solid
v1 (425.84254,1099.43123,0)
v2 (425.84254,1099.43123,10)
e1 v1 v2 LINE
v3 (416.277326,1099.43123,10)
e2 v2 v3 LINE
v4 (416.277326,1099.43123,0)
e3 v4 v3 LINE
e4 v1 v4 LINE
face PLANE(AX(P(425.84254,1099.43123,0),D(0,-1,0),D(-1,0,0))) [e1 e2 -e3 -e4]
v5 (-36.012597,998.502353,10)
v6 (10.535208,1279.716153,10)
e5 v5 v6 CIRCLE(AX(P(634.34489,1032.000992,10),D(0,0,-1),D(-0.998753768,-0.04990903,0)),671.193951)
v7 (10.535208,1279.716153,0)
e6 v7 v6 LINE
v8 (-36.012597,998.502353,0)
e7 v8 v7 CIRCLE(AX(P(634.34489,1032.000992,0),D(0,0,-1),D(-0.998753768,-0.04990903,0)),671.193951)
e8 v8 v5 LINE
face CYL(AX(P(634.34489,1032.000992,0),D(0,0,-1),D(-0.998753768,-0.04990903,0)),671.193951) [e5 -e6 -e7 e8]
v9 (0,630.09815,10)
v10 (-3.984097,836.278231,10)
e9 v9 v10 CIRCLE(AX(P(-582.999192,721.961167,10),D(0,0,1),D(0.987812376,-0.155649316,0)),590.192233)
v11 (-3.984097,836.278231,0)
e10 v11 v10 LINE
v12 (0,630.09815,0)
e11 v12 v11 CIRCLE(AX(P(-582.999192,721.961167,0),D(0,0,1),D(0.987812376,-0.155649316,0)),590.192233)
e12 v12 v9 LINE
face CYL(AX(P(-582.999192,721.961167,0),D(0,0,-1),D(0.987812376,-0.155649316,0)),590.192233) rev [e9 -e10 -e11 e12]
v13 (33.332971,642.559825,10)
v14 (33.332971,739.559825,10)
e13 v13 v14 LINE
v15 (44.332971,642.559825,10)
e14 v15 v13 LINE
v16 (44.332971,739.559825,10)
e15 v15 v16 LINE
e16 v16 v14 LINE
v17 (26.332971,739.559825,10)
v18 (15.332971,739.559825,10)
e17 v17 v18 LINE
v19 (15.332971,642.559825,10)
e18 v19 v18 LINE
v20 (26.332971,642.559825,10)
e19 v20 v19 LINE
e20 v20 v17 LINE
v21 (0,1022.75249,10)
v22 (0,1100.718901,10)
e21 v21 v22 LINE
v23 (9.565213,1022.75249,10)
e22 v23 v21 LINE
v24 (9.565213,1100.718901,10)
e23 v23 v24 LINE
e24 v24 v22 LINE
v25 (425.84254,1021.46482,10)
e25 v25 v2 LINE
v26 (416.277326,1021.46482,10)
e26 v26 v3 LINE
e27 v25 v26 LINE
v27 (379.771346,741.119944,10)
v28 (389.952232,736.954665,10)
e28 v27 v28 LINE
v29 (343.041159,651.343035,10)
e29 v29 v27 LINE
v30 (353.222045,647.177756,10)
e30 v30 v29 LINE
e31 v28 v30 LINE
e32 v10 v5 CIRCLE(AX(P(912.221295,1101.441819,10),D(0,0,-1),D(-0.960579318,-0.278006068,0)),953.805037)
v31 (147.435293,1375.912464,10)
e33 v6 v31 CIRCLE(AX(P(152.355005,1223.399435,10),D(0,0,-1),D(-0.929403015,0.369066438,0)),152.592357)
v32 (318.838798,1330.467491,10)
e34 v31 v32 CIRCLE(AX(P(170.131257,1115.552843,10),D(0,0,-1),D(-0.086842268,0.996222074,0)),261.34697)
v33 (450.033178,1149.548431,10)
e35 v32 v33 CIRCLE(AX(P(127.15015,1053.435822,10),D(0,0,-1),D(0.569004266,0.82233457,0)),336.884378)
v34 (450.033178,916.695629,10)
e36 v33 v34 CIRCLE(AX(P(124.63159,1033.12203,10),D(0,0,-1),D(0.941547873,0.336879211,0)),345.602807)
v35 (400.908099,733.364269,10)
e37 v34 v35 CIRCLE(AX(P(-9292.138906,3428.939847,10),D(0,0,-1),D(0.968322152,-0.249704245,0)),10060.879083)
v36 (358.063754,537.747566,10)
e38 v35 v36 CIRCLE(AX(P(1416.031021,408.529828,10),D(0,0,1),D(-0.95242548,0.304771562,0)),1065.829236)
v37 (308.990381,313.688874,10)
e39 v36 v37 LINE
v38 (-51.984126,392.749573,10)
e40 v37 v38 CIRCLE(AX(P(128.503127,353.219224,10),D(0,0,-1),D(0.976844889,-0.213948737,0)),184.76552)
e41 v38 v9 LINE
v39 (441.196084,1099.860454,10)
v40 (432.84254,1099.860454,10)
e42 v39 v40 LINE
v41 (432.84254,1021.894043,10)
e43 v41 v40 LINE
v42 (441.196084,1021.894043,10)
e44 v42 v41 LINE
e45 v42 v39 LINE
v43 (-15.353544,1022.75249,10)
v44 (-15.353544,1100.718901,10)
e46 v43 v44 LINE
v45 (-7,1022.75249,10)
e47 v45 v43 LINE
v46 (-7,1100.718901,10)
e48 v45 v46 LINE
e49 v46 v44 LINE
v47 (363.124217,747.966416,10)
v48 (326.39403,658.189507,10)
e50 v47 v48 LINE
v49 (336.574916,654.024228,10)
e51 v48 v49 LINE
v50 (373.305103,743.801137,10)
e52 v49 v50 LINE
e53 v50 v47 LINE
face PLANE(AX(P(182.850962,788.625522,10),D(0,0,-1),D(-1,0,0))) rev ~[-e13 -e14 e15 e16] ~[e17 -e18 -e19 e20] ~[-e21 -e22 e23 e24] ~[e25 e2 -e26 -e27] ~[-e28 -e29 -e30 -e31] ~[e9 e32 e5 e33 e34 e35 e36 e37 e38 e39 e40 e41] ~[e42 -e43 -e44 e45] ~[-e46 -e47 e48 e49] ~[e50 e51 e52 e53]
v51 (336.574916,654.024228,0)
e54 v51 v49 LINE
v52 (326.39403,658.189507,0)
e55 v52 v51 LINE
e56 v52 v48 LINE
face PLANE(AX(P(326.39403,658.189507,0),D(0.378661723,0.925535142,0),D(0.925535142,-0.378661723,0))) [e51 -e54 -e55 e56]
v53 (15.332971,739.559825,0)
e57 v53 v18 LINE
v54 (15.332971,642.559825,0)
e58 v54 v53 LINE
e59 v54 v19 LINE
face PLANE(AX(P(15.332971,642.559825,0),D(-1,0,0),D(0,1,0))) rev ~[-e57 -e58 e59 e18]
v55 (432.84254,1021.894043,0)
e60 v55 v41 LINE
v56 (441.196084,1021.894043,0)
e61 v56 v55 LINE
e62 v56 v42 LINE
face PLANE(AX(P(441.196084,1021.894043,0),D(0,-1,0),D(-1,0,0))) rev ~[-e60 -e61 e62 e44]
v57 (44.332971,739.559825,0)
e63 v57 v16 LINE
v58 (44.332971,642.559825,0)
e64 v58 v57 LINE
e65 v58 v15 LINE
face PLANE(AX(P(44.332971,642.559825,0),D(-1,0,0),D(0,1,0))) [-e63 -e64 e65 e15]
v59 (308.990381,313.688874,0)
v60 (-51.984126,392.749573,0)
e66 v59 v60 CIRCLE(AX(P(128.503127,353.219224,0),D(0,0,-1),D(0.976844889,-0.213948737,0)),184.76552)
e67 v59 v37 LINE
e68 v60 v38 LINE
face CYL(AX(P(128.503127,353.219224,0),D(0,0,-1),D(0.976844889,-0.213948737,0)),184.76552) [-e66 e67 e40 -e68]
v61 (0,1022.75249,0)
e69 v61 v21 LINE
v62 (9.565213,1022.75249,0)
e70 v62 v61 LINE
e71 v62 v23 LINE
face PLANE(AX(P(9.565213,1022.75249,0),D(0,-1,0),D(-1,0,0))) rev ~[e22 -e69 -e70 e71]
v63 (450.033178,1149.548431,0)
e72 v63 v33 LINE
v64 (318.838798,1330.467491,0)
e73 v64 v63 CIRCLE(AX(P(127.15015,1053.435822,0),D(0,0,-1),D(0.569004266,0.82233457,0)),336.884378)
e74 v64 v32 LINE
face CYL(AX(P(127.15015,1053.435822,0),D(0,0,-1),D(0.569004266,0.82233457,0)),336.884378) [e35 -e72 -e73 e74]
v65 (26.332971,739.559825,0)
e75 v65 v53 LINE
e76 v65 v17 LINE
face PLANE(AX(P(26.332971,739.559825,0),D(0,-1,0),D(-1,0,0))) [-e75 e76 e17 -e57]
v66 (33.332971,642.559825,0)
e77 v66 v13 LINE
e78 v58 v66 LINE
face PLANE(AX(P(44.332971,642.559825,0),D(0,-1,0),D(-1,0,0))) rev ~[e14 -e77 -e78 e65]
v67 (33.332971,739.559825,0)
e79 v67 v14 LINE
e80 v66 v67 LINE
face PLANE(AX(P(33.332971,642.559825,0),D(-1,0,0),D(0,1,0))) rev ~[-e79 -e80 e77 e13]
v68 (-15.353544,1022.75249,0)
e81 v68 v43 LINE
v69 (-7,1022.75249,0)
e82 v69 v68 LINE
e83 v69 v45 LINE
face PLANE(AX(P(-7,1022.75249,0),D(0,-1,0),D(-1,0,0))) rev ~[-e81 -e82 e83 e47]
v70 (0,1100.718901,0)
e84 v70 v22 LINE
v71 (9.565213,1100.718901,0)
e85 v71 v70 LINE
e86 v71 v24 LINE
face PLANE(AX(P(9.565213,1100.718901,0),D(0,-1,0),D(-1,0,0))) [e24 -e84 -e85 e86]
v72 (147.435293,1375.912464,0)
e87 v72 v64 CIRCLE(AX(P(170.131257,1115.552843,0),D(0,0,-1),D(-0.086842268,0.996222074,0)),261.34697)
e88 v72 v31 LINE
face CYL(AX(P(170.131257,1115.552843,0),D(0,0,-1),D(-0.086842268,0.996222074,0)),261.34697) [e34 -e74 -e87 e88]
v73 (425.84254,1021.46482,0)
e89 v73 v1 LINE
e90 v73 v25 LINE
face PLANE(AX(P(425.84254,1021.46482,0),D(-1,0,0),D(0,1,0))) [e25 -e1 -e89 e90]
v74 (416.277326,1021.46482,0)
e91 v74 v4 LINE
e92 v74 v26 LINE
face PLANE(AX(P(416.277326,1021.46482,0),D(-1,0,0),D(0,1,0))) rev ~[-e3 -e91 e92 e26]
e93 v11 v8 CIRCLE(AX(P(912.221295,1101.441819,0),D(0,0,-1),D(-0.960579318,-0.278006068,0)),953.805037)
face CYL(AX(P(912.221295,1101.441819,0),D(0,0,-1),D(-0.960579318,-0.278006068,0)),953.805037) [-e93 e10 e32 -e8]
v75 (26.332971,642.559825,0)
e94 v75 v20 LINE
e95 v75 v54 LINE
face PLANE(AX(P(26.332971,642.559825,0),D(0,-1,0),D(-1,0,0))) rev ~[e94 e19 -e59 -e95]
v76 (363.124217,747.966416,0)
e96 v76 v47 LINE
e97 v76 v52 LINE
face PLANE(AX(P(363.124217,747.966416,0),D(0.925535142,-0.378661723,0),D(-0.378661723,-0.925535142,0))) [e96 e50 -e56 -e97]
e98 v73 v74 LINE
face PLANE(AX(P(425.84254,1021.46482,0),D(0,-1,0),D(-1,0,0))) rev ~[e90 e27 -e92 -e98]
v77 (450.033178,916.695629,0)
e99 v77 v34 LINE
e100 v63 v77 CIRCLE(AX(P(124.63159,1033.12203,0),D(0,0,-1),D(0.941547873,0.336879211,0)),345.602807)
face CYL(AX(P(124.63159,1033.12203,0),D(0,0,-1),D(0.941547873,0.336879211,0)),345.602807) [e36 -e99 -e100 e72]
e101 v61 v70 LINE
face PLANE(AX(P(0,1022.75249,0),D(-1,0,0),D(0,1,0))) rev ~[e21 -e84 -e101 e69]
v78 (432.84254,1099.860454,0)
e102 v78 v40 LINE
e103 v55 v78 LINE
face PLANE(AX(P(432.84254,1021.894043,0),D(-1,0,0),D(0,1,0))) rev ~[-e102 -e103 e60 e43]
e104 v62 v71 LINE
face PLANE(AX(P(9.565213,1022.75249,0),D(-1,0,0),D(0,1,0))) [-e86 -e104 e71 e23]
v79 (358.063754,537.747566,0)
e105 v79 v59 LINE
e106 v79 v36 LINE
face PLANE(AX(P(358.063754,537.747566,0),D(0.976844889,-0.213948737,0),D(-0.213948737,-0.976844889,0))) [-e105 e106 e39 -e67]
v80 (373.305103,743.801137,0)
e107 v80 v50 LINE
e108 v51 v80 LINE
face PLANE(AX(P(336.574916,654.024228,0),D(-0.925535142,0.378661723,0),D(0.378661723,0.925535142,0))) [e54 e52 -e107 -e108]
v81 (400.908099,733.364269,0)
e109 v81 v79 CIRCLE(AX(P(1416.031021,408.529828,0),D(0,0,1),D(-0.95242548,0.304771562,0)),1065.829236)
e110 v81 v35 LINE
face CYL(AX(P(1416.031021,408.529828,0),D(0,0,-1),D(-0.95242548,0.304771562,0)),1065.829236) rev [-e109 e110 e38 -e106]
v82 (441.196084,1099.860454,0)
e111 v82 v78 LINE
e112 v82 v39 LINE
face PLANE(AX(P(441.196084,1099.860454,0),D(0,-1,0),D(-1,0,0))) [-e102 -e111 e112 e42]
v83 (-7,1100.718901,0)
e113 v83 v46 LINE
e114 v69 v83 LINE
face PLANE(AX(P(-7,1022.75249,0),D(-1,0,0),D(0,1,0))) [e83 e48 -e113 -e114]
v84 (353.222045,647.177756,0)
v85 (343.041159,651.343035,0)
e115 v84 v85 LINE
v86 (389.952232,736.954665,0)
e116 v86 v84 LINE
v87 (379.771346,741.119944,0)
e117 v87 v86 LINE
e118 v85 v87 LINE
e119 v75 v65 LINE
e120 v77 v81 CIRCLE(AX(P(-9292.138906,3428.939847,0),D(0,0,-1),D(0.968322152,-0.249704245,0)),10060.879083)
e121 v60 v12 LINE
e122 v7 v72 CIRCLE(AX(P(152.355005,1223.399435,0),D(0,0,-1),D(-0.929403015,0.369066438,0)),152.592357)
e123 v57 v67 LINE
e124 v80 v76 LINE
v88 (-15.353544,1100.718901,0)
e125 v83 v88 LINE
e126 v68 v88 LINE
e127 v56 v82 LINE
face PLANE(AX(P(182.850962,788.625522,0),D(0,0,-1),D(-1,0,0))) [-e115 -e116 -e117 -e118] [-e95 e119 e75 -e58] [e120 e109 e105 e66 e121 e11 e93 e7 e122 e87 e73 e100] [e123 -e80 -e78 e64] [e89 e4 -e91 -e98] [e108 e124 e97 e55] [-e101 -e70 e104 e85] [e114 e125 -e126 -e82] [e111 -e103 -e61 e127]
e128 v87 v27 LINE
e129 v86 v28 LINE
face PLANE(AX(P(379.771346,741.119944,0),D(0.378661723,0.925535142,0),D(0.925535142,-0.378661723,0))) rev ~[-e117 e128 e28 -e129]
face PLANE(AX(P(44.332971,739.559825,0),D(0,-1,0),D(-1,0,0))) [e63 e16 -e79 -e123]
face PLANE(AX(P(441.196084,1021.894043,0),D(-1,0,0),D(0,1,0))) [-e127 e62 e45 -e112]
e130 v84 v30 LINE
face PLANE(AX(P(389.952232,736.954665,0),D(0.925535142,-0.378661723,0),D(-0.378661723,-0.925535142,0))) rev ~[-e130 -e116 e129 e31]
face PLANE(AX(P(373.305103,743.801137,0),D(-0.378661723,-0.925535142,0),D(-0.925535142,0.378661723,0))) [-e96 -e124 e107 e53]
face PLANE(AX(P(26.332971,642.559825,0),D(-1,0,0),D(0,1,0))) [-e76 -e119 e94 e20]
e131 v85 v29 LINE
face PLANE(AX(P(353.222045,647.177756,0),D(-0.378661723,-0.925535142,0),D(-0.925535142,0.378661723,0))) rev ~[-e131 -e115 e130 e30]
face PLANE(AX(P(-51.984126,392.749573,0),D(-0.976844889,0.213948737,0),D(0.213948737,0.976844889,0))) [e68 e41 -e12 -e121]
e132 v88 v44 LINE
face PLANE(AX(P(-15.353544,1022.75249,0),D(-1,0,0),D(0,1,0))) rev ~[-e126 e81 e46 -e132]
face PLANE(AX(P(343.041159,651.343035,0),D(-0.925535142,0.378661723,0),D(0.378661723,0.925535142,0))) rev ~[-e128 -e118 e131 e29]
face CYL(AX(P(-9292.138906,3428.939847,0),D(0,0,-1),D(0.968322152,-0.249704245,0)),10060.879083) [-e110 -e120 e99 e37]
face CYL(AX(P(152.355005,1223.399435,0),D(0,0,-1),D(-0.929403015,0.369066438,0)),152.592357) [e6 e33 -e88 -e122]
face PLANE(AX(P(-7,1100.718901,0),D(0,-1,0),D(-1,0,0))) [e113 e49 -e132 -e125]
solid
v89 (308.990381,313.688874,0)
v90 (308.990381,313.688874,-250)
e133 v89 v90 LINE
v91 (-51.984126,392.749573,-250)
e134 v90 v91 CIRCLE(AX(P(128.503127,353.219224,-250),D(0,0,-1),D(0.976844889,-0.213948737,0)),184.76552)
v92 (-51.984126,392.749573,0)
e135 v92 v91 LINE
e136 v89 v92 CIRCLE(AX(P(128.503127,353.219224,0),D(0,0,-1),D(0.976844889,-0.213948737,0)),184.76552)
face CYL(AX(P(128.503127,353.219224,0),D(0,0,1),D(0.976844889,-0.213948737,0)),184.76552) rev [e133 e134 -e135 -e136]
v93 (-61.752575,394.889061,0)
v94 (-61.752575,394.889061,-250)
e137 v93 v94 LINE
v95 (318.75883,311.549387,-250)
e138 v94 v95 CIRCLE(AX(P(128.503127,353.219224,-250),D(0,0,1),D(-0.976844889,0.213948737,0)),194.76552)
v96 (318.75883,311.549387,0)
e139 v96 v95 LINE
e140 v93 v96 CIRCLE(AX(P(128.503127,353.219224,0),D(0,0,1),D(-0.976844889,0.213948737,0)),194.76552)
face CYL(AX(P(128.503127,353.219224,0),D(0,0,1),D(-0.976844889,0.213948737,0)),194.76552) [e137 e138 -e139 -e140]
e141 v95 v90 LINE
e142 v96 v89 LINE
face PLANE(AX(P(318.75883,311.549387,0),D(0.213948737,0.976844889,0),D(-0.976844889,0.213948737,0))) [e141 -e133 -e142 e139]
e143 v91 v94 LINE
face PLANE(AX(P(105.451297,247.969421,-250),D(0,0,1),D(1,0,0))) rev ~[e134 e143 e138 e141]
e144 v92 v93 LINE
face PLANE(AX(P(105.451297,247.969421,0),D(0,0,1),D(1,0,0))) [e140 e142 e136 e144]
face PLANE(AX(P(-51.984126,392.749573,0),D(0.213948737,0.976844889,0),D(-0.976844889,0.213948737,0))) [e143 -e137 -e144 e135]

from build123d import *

# Parameters (mm, degrees)
BOSS_EXTRUDE1_DEPTH = 10
BOSS_EXTRUDE2_DEPTH = 250
SKETCH3_W           = 9.565213244
SKETCH3_H           = 77.966410476
SKETCH3_W_2         = 8.353543979
SKETCH3_H_2         = 77.966410475
CUT_EXTRUDE1_DEPTH  = 250
SKETCH4_W           = 11
SKETCH4_H           = 97
CUT_EXTRUDE2_DEPTH  = 250


with BuildPart() as part:
    # Sketch1 → Boss-Extrude1 (new body)
    with BuildSketch(Plane.XY):
        with BuildLine():
            Line((-51.984126252, 392.74957316), (0, 630.098149599))
            ThreePointArc((0, 630.098149599), (7.08288491, 733.363548715), (-3.984096645, 836.278231013))
            ThreePointArc((-3.984096645, 836.278231013), (-23.520457502, 916.694909006), (-36.012597338, 998.502353272))
            ThreePointArc((-36.012597338, 998.502353272), (-27.83897086, 1141.608720593), (10.535208392, 1279.716153066))
            ThreePointArc((10.535208392, 1279.716153066), (64.625002116, 1348.250843062), (147.435292888, 1375.912463775))
            ThreePointArc((147.435292888, 1375.912463775), (237.109169245, 1368.171524242), (318.838797646, 1330.467491469))
            ThreePointArc((318.838797646, 1330.467491469), (399.875156257, 1251.203752857), (450.033178317, 1149.548430819))
            ThreePointArc((450.033178317, 1149.548430819), (470.234397487, 1033.122029824), (450.033178317, 916.695628829))
            ThreePointArc((450.033178317, 916.695628829), (425.902967507, 824.914102712), (400.908098576, 733.364268538))
            ThreePointArc((400.908098576, 733.364268538), (374.881556851, 636.564375255), (358.063754215, 537.74756632))
            Line((358.063754215, 537.74756632), (308.99038073, 313.688874225))
            ThreePointArc((308.99038073, 313.688874225), (88.972777771, 172.731970202), (-51.984126252, 392.74957316))
        make_face()
    extrude(amount=BOSS_EXTRUDE1_DEPTH)

    # Sketch3 → Cut-Extrude1 (cut)
    with BuildSketch(Plane(origin=(0, 0, 0), x_dir=(-1, 0, 0), z_dir=(0, 0, -1))):
        with Locations((-4.782606622, 1061.735695438)):
            Rectangle(SKETCH3_W, SKETCH3_H)
        with Locations((11.17677199, 1061.735695438)):
            Rectangle(SKETCH3_W_2, SKETCH3_H)
        with Locations((-437.019311557, 1060.877248381)):
            Rectangle(SKETCH3_W_2, SKETCH3_H_2)
        with Locations((-421.059932945, 1060.448024852)):
            Rectangle(SKETCH3_W, SKETCH3_H_2)
    extrude(amount=-CUT_EXTRUDE1_DEPTH, mode=Mode.SUBTRACT)

    # Sketch4 → Cut-Extrude2 (cut)
    with BuildSketch(Plane(origin=(0, 0, 0), x_dir=(-1, 0, 0), z_dir=(0, 0, -1))):
        with Locations((-38.83297081, 691.059824561)):
            Rectangle(SKETCH4_W, SKETCH4_H)
        with Locations((-20.83297081, 691.059824561)):
            Rectangle(SKETCH4_W, SKETCH4_H)
        Polygon((-363.124216695, 747.966415693), (-326.394029606, 658.189506878), (-336.574916173, 654.024227929), (-373.305103262, 743.801136745), align=None)
        Polygon((-389.952232486, 736.954664741), (-353.222045397, 647.177755926), (-343.041158831, 651.343034874), (-379.77134592, 741.119943689), align=None)
    extrude(amount=-CUT_EXTRUDE2_DEPTH, mode=Mode.SUBTRACT)


with BuildPart() as body_2:
    # Sketch2 → Boss-Extrude2 (new body)
    with BuildSketch(Plane(origin=(0, 0, 0), x_dir=(-1, 0, 0), z_dir=(0, 0, -1))):
        with BuildLine():
            Line((-318.758829625, 311.549386859), (-308.99038073, 313.688874225))
            ThreePointArc((-308.99038073, 313.688874225), (-88.972777771, 172.731970202), (51.984126252, 392.74957316))
            Line((51.984126252, 392.74957316), (61.752575147, 394.889060526))
            ThreePointArc((61.752575147, 394.889060526), (-86.833290405, 162.963521307), (-318.758829625, 311.549386859))
        make_face()
    extrude(amount=BOSS_EXTRUDE2_DEPTH)


solid = Compound([part.part, body_2.part])
